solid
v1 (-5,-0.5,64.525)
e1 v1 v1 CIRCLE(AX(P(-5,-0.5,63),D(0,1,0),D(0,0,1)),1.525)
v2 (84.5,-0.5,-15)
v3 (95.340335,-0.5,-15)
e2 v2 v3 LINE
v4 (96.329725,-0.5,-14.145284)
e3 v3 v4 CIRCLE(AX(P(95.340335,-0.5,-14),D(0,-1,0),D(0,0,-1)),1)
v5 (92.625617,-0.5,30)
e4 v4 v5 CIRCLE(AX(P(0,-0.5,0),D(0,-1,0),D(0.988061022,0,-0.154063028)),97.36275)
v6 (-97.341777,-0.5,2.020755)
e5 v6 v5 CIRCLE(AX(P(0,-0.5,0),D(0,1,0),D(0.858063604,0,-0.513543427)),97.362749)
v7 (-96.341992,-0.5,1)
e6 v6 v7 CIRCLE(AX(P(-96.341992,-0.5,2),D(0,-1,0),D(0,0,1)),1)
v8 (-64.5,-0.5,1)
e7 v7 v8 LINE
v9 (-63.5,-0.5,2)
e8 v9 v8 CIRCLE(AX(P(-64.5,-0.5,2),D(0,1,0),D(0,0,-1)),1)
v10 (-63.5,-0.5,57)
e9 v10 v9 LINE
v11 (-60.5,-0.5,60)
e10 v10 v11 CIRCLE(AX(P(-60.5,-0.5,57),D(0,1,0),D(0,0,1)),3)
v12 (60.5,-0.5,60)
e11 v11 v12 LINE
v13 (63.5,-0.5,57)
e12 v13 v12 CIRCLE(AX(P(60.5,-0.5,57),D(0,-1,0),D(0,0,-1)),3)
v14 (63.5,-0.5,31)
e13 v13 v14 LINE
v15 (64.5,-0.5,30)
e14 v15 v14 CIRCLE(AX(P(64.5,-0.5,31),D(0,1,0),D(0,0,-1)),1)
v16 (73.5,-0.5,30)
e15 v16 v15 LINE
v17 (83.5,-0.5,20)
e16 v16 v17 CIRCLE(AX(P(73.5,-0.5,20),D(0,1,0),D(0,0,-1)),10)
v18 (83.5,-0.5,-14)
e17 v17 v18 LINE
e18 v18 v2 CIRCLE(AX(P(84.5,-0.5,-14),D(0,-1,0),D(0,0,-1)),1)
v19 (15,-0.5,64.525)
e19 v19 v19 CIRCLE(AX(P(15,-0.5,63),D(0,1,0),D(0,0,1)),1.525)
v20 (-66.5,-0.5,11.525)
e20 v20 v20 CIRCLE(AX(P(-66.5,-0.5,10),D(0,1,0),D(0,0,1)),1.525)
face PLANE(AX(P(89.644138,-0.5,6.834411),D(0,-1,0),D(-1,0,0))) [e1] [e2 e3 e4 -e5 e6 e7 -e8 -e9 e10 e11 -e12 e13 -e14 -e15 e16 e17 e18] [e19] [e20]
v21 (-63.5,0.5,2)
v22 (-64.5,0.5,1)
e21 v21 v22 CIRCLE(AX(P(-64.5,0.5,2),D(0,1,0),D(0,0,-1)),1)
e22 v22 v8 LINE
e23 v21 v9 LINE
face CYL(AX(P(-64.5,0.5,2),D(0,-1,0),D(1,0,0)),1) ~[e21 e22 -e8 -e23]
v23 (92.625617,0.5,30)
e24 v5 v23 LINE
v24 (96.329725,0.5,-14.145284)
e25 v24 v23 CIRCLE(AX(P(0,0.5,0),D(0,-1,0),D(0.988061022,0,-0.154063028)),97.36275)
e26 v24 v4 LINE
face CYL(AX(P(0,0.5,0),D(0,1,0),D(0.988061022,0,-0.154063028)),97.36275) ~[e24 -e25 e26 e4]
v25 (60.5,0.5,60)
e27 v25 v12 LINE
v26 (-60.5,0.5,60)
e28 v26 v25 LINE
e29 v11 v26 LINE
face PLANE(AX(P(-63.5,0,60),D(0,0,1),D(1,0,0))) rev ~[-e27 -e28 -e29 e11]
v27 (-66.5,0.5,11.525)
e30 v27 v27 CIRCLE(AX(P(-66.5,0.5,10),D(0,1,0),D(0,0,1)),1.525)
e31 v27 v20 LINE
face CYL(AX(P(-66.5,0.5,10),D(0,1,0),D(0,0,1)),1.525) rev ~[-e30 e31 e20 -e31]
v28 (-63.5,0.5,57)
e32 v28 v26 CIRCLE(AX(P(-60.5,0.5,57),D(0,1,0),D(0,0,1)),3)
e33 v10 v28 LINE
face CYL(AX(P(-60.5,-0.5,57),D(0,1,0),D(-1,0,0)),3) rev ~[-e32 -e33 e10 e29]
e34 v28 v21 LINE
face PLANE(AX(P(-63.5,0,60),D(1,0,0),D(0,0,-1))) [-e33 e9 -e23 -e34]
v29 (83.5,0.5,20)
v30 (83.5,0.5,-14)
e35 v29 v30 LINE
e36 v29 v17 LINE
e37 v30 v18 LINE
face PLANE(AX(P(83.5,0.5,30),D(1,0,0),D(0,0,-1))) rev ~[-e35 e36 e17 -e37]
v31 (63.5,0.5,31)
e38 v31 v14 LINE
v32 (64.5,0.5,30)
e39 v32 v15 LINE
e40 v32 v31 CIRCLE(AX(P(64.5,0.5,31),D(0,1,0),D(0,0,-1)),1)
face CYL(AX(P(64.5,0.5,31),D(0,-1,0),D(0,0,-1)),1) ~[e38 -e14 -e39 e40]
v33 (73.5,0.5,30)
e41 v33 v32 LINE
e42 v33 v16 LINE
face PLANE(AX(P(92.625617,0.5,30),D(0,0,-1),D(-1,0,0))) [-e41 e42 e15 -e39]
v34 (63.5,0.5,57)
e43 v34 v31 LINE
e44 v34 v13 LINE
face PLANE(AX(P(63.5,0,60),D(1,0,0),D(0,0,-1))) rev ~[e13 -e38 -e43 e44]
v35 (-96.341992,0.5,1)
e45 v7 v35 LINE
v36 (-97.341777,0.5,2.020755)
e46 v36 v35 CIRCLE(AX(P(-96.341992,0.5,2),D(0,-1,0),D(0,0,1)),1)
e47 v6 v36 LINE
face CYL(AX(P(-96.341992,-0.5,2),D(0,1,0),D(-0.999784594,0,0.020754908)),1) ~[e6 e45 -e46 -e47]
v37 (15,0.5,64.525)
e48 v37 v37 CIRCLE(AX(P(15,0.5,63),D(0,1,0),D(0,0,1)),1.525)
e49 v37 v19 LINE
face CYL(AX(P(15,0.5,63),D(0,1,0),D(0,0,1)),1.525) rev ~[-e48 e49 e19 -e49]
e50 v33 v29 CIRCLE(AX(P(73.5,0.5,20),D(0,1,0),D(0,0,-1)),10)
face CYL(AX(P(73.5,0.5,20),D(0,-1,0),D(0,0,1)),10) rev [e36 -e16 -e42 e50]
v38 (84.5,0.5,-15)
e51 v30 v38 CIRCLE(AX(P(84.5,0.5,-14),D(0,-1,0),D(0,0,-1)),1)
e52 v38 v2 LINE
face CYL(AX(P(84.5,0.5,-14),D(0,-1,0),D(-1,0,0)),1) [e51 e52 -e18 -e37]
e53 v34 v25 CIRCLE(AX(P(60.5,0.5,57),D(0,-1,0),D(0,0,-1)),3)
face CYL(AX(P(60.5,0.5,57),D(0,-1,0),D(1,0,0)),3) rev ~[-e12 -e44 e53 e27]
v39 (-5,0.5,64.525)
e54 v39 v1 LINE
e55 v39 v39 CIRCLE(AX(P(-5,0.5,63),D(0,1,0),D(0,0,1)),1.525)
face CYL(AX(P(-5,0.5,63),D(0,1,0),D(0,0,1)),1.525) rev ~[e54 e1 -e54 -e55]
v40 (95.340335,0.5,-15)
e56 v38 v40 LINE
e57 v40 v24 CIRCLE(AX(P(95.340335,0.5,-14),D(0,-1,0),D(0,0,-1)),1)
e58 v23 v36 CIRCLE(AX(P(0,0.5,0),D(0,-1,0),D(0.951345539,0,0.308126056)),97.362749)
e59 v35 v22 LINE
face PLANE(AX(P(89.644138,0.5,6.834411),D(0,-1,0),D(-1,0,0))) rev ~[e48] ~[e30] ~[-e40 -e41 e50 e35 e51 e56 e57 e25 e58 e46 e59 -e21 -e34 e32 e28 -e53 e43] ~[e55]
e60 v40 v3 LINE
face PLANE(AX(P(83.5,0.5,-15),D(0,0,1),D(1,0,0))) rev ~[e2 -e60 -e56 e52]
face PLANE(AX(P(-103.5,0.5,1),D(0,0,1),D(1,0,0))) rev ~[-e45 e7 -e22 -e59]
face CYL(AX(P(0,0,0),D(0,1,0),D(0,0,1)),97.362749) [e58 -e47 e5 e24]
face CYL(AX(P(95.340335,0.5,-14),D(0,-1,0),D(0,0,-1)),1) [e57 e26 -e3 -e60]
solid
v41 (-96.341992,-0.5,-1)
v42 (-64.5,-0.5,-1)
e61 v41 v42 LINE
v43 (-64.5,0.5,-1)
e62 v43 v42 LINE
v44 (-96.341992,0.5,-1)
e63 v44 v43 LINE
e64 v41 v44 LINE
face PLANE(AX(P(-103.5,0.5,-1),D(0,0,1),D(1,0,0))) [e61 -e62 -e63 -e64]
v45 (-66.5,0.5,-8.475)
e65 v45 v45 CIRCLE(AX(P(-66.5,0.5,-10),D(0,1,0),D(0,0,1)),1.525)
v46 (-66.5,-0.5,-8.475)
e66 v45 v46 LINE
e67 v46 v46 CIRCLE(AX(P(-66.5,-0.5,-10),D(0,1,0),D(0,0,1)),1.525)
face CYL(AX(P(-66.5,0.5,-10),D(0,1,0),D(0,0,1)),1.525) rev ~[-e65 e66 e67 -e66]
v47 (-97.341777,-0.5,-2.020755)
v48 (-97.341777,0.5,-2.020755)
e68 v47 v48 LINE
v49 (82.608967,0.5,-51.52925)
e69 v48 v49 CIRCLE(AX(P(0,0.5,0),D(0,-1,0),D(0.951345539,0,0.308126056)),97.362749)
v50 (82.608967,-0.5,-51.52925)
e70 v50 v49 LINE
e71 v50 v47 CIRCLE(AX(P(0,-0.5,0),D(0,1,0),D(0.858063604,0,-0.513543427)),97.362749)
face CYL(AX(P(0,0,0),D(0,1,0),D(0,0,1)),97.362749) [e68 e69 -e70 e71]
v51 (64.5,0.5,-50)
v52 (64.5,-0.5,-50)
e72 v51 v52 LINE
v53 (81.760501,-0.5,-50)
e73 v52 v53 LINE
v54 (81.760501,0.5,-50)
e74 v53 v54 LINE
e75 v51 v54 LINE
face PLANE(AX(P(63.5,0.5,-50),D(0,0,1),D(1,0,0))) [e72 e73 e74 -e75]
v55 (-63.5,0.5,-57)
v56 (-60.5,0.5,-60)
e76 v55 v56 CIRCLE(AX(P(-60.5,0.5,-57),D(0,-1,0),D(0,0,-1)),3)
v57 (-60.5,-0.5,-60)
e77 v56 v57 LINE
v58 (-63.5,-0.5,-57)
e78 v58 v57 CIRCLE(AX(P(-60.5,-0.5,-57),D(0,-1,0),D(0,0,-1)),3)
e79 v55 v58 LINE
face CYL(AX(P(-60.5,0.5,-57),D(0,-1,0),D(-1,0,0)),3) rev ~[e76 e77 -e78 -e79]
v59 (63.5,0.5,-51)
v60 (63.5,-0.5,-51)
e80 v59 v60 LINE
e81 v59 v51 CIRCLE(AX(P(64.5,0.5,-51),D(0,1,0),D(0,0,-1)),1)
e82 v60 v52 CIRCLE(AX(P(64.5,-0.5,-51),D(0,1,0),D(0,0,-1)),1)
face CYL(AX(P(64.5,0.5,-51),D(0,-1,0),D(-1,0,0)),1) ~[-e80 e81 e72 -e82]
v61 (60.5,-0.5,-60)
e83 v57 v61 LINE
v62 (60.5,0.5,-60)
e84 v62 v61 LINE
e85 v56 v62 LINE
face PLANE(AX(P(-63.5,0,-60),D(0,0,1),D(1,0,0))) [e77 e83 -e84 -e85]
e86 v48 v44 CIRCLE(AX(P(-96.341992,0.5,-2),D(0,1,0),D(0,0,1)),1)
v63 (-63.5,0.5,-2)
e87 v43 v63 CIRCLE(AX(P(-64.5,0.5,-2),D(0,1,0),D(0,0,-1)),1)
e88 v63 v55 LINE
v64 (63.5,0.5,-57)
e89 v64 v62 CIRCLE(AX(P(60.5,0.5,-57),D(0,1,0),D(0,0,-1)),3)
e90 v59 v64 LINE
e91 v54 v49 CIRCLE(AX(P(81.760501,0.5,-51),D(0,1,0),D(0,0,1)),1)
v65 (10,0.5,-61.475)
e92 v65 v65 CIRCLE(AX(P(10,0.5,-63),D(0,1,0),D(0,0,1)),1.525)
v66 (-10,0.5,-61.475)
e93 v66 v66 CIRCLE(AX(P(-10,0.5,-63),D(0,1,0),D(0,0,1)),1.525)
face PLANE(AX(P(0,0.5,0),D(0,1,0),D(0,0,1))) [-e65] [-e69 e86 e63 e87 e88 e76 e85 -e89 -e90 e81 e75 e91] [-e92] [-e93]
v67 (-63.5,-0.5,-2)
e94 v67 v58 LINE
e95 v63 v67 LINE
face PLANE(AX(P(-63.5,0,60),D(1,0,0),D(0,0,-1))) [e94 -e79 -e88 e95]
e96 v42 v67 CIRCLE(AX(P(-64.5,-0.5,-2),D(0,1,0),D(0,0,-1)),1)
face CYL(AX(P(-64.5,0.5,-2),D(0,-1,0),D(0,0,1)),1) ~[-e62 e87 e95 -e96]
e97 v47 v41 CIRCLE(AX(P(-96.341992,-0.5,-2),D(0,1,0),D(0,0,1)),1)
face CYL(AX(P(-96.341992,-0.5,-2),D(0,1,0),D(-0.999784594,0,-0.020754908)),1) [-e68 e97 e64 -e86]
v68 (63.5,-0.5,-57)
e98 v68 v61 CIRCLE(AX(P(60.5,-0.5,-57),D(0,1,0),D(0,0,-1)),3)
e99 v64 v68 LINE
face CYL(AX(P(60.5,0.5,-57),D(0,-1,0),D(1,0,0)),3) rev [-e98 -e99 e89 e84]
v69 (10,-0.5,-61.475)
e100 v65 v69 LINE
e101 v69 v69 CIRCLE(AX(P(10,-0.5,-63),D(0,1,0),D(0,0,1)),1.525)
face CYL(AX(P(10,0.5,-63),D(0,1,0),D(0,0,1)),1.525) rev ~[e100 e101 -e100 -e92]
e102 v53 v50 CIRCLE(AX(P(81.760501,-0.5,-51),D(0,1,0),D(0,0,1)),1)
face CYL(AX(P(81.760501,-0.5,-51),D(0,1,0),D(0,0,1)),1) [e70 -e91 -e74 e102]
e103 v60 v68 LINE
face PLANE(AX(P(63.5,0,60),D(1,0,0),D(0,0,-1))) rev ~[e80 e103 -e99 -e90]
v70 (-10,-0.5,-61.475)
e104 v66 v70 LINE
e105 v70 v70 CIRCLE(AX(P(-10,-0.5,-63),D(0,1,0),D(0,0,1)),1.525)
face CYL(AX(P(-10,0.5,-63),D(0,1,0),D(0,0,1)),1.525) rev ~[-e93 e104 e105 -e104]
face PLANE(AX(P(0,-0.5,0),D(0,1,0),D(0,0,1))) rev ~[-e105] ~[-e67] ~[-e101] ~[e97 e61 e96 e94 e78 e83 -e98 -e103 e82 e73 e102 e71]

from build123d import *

# Parameters (mm, degrees)
SKETCH_1_R          = 97.362749499
SKETCH_1_W          = 127
SKETCH_1_H          = 120
EXTRUDE_1_DEPTH     = 0.5
CUT_EXTRUDE_1_DEPTH = 16
SKETCH_3_W          = 80
SKETCH_3_H          = 2
CUT_EXTRUDE_2_DEPTH = 11
EXTRUDE_2_DEPTH     = 1
FILLET_1_R          = 3
FILLET_2_R          = 3
FILLET_3_R          = 10
SKETCH_5_R          = 1.525
CUT_EXTRUDE_3_DEPTH = 1
FILLET_4_R          = 1
FILLET_5_R          = 1


with BuildPart() as part:
    # 草图1 → 凸台-拉伸1 (new, symmetric)
    with BuildSketch(Plane(origin=(0, 0, 0), x_dir=(1, 0, 0), z_dir=(0, 1, 0))):
        with Locations(Location((0, 0, 0), (0, 0, 270))):
            Circle(SKETCH_1_R)
        Rectangle(SKETCH_1_W, SKETCH_1_H, mode=Mode.SUBTRACT)
    extrude(amount=EXTRUDE_1_DEPTH, both=True)

    # 草图2 → 切除-拉伸1 (cut, symmetric)
    with BuildSketch(Plane(origin=(0, 0.5, 0), x_dir=(1, 0, 0), z_dir=(0, 1, 0))):
        with BuildLine():
            Line((92.625617353, -30), (63.5, -30))
            Line((63.5, -30), (63.5, 50))
            Line((63.5, 50), (83.543431758, 50))
            ThreePointArc((83.543431758, 50), (96.741322434, 10.982783062), (92.625617353, -30))
        make_face()
    extrude(amount=CUT_EXTRUDE_1_DEPTH, both=True, mode=Mode.SUBTRACT)

    # 草图3 → 切除-拉伸2 (cut, symmetric)
    with BuildSketch(Plane(origin=(0, 0.5, 0), x_dir=(1, 0, 0), z_dir=(0, 1, 0))):
        with Locations((-63.5, 0)):
            Rectangle(SKETCH_3_W, SKETCH_3_H)
    extrude(amount=CUT_EXTRUDE_2_DEPTH, both=True, mode=Mode.SUBTRACT)


with BuildPart() as cut_extrude_2_piece_1:
    # of the separate pieces the step leaves, piece 1, a body of its own (cut_extrude_2_pieces)
    add(part.part.solids().sort_by_distance((92.625617353, -0.5, 30))[0])

    # 草图4 → 凸台-拉伸2 (add)
    with BuildSketch(Plane(origin=(0, 0.5, 0), x_dir=(1, 0, 0), z_dir=(0, 1, 0))):
        with BuildLine():
            Line((83.5, -30), (83.5, 15))
            Line((83.5, 15), (96.200337785, 15))
            ThreePointArc((96.200337785, 15), (97.056995283, -7.710036092), (92.625617353, -30))
            Line((92.625617353, -30), (83.5, -30))
        make_face()
    extrude(amount=-EXTRUDE_2_DEPTH)

    # 圆角1
    fillet_1_edges = [cut_extrude_2_piece_1.edges().sort_by_distance(p)[0] for p in [
        (-63.5, 0, 60),
        (63.5, 0, 60),
    ]]
    fillet(fillet_1_edges, radius=FILLET_1_R)

    # 圆角3
    fillet_3_edges = [cut_extrude_2_piece_1.edges().sort_by_distance(p)[0] for p in [
        (83.5, 0, 30),
    ]]
    fillet(fillet_3_edges, radius=FILLET_3_R)


with BuildPart() as cut_extrude_2_piece_2:
    # of the separate pieces the step leaves, piece 2, a body of its own (cut_extrude_2_pieces)
    add(part.part.solids().sort_by_distance((-97.357613929, -0.5, -1))[0])

    # 圆角2
    fillet_2_edges = [cut_extrude_2_piece_2.edges().sort_by_distance(p)[0] for p in [
        (63.5, 0, -60),
        (-63.5, 0, -60),
    ]]
    fillet(fillet_2_edges, radius=FILLET_2_R)


with BuildPart() as cut_extrude_3_tool:
    # 草图5 → 切除-拉伸3 (new body)
    with BuildSketch(Plane(origin=(0, 0.5, 0), x_dir=(1, 0, 0), z_dir=(0, 1, 0))):
        with Locations(Location((-66.5, 10, 0), (0, 0, 270))):
            Circle(SKETCH_5_R)
        with Locations(Location((-66.5, -10, 0), (0, 0, 270))):
            Circle(SKETCH_5_R)
        with Locations(Location((-10, 63, 0), (0, 0, 270))):
            Circle(SKETCH_5_R)
        with Locations(Location((10, 63, 0), (0, 0, 270))):
            Circle(SKETCH_5_R)
        with Locations(Location((-5, -63, 0), (0, 0, 270))):
            Circle(SKETCH_5_R)
        with Locations(Location((15, -63, 0), (0, 0, 270))):
            Circle(SKETCH_5_R)
    extrude(amount=-CUT_EXTRUDE_3_DEPTH)


with BuildPart() as cut_extrude_2_piece_1_1:
    add(cut_extrude_2_piece_1.part)

    # 切除-拉伸3: cut by cut_extrude_3_tool
    add(cut_extrude_3_tool.part, mode=Mode.SUBTRACT)

    # 圆角4
    fillet_4_edges = [cut_extrude_2_piece_1_1.edges().sort_by_distance(p)[0] for p in [
        (83.5, 0, -15),
        (96.200337785, 0, -15),
        (-97.357613929, 0, 1),
        (63.5, 0, 30),
        (-63.5, 0, 1),
    ]]
    fillet(fillet_4_edges, radius=FILLET_4_R)


with BuildPart() as cut_extrude_2_piece_2_1:
    add(cut_extrude_2_piece_2.part)

    # 切除-拉伸3: cut by cut_extrude_3_tool
    add(cut_extrude_3_tool.part, mode=Mode.SUBTRACT)

    # 圆角5
    fillet_5_edges = [cut_extrude_2_piece_2_1.edges().sort_by_distance(p)[0] for p in [
        (63.5, 0, -50),
        (83.543431758, 0, -50),
        (-63.5, 0, -1),
        (-97.357613929, 0, -1),
    ]]
    fillet(fillet_5_edges, radius=FILLET_5_R)


solid = Compound([cut_extrude_2_piece_1_1.part, cut_extrude_2_piece_2_1.part])
